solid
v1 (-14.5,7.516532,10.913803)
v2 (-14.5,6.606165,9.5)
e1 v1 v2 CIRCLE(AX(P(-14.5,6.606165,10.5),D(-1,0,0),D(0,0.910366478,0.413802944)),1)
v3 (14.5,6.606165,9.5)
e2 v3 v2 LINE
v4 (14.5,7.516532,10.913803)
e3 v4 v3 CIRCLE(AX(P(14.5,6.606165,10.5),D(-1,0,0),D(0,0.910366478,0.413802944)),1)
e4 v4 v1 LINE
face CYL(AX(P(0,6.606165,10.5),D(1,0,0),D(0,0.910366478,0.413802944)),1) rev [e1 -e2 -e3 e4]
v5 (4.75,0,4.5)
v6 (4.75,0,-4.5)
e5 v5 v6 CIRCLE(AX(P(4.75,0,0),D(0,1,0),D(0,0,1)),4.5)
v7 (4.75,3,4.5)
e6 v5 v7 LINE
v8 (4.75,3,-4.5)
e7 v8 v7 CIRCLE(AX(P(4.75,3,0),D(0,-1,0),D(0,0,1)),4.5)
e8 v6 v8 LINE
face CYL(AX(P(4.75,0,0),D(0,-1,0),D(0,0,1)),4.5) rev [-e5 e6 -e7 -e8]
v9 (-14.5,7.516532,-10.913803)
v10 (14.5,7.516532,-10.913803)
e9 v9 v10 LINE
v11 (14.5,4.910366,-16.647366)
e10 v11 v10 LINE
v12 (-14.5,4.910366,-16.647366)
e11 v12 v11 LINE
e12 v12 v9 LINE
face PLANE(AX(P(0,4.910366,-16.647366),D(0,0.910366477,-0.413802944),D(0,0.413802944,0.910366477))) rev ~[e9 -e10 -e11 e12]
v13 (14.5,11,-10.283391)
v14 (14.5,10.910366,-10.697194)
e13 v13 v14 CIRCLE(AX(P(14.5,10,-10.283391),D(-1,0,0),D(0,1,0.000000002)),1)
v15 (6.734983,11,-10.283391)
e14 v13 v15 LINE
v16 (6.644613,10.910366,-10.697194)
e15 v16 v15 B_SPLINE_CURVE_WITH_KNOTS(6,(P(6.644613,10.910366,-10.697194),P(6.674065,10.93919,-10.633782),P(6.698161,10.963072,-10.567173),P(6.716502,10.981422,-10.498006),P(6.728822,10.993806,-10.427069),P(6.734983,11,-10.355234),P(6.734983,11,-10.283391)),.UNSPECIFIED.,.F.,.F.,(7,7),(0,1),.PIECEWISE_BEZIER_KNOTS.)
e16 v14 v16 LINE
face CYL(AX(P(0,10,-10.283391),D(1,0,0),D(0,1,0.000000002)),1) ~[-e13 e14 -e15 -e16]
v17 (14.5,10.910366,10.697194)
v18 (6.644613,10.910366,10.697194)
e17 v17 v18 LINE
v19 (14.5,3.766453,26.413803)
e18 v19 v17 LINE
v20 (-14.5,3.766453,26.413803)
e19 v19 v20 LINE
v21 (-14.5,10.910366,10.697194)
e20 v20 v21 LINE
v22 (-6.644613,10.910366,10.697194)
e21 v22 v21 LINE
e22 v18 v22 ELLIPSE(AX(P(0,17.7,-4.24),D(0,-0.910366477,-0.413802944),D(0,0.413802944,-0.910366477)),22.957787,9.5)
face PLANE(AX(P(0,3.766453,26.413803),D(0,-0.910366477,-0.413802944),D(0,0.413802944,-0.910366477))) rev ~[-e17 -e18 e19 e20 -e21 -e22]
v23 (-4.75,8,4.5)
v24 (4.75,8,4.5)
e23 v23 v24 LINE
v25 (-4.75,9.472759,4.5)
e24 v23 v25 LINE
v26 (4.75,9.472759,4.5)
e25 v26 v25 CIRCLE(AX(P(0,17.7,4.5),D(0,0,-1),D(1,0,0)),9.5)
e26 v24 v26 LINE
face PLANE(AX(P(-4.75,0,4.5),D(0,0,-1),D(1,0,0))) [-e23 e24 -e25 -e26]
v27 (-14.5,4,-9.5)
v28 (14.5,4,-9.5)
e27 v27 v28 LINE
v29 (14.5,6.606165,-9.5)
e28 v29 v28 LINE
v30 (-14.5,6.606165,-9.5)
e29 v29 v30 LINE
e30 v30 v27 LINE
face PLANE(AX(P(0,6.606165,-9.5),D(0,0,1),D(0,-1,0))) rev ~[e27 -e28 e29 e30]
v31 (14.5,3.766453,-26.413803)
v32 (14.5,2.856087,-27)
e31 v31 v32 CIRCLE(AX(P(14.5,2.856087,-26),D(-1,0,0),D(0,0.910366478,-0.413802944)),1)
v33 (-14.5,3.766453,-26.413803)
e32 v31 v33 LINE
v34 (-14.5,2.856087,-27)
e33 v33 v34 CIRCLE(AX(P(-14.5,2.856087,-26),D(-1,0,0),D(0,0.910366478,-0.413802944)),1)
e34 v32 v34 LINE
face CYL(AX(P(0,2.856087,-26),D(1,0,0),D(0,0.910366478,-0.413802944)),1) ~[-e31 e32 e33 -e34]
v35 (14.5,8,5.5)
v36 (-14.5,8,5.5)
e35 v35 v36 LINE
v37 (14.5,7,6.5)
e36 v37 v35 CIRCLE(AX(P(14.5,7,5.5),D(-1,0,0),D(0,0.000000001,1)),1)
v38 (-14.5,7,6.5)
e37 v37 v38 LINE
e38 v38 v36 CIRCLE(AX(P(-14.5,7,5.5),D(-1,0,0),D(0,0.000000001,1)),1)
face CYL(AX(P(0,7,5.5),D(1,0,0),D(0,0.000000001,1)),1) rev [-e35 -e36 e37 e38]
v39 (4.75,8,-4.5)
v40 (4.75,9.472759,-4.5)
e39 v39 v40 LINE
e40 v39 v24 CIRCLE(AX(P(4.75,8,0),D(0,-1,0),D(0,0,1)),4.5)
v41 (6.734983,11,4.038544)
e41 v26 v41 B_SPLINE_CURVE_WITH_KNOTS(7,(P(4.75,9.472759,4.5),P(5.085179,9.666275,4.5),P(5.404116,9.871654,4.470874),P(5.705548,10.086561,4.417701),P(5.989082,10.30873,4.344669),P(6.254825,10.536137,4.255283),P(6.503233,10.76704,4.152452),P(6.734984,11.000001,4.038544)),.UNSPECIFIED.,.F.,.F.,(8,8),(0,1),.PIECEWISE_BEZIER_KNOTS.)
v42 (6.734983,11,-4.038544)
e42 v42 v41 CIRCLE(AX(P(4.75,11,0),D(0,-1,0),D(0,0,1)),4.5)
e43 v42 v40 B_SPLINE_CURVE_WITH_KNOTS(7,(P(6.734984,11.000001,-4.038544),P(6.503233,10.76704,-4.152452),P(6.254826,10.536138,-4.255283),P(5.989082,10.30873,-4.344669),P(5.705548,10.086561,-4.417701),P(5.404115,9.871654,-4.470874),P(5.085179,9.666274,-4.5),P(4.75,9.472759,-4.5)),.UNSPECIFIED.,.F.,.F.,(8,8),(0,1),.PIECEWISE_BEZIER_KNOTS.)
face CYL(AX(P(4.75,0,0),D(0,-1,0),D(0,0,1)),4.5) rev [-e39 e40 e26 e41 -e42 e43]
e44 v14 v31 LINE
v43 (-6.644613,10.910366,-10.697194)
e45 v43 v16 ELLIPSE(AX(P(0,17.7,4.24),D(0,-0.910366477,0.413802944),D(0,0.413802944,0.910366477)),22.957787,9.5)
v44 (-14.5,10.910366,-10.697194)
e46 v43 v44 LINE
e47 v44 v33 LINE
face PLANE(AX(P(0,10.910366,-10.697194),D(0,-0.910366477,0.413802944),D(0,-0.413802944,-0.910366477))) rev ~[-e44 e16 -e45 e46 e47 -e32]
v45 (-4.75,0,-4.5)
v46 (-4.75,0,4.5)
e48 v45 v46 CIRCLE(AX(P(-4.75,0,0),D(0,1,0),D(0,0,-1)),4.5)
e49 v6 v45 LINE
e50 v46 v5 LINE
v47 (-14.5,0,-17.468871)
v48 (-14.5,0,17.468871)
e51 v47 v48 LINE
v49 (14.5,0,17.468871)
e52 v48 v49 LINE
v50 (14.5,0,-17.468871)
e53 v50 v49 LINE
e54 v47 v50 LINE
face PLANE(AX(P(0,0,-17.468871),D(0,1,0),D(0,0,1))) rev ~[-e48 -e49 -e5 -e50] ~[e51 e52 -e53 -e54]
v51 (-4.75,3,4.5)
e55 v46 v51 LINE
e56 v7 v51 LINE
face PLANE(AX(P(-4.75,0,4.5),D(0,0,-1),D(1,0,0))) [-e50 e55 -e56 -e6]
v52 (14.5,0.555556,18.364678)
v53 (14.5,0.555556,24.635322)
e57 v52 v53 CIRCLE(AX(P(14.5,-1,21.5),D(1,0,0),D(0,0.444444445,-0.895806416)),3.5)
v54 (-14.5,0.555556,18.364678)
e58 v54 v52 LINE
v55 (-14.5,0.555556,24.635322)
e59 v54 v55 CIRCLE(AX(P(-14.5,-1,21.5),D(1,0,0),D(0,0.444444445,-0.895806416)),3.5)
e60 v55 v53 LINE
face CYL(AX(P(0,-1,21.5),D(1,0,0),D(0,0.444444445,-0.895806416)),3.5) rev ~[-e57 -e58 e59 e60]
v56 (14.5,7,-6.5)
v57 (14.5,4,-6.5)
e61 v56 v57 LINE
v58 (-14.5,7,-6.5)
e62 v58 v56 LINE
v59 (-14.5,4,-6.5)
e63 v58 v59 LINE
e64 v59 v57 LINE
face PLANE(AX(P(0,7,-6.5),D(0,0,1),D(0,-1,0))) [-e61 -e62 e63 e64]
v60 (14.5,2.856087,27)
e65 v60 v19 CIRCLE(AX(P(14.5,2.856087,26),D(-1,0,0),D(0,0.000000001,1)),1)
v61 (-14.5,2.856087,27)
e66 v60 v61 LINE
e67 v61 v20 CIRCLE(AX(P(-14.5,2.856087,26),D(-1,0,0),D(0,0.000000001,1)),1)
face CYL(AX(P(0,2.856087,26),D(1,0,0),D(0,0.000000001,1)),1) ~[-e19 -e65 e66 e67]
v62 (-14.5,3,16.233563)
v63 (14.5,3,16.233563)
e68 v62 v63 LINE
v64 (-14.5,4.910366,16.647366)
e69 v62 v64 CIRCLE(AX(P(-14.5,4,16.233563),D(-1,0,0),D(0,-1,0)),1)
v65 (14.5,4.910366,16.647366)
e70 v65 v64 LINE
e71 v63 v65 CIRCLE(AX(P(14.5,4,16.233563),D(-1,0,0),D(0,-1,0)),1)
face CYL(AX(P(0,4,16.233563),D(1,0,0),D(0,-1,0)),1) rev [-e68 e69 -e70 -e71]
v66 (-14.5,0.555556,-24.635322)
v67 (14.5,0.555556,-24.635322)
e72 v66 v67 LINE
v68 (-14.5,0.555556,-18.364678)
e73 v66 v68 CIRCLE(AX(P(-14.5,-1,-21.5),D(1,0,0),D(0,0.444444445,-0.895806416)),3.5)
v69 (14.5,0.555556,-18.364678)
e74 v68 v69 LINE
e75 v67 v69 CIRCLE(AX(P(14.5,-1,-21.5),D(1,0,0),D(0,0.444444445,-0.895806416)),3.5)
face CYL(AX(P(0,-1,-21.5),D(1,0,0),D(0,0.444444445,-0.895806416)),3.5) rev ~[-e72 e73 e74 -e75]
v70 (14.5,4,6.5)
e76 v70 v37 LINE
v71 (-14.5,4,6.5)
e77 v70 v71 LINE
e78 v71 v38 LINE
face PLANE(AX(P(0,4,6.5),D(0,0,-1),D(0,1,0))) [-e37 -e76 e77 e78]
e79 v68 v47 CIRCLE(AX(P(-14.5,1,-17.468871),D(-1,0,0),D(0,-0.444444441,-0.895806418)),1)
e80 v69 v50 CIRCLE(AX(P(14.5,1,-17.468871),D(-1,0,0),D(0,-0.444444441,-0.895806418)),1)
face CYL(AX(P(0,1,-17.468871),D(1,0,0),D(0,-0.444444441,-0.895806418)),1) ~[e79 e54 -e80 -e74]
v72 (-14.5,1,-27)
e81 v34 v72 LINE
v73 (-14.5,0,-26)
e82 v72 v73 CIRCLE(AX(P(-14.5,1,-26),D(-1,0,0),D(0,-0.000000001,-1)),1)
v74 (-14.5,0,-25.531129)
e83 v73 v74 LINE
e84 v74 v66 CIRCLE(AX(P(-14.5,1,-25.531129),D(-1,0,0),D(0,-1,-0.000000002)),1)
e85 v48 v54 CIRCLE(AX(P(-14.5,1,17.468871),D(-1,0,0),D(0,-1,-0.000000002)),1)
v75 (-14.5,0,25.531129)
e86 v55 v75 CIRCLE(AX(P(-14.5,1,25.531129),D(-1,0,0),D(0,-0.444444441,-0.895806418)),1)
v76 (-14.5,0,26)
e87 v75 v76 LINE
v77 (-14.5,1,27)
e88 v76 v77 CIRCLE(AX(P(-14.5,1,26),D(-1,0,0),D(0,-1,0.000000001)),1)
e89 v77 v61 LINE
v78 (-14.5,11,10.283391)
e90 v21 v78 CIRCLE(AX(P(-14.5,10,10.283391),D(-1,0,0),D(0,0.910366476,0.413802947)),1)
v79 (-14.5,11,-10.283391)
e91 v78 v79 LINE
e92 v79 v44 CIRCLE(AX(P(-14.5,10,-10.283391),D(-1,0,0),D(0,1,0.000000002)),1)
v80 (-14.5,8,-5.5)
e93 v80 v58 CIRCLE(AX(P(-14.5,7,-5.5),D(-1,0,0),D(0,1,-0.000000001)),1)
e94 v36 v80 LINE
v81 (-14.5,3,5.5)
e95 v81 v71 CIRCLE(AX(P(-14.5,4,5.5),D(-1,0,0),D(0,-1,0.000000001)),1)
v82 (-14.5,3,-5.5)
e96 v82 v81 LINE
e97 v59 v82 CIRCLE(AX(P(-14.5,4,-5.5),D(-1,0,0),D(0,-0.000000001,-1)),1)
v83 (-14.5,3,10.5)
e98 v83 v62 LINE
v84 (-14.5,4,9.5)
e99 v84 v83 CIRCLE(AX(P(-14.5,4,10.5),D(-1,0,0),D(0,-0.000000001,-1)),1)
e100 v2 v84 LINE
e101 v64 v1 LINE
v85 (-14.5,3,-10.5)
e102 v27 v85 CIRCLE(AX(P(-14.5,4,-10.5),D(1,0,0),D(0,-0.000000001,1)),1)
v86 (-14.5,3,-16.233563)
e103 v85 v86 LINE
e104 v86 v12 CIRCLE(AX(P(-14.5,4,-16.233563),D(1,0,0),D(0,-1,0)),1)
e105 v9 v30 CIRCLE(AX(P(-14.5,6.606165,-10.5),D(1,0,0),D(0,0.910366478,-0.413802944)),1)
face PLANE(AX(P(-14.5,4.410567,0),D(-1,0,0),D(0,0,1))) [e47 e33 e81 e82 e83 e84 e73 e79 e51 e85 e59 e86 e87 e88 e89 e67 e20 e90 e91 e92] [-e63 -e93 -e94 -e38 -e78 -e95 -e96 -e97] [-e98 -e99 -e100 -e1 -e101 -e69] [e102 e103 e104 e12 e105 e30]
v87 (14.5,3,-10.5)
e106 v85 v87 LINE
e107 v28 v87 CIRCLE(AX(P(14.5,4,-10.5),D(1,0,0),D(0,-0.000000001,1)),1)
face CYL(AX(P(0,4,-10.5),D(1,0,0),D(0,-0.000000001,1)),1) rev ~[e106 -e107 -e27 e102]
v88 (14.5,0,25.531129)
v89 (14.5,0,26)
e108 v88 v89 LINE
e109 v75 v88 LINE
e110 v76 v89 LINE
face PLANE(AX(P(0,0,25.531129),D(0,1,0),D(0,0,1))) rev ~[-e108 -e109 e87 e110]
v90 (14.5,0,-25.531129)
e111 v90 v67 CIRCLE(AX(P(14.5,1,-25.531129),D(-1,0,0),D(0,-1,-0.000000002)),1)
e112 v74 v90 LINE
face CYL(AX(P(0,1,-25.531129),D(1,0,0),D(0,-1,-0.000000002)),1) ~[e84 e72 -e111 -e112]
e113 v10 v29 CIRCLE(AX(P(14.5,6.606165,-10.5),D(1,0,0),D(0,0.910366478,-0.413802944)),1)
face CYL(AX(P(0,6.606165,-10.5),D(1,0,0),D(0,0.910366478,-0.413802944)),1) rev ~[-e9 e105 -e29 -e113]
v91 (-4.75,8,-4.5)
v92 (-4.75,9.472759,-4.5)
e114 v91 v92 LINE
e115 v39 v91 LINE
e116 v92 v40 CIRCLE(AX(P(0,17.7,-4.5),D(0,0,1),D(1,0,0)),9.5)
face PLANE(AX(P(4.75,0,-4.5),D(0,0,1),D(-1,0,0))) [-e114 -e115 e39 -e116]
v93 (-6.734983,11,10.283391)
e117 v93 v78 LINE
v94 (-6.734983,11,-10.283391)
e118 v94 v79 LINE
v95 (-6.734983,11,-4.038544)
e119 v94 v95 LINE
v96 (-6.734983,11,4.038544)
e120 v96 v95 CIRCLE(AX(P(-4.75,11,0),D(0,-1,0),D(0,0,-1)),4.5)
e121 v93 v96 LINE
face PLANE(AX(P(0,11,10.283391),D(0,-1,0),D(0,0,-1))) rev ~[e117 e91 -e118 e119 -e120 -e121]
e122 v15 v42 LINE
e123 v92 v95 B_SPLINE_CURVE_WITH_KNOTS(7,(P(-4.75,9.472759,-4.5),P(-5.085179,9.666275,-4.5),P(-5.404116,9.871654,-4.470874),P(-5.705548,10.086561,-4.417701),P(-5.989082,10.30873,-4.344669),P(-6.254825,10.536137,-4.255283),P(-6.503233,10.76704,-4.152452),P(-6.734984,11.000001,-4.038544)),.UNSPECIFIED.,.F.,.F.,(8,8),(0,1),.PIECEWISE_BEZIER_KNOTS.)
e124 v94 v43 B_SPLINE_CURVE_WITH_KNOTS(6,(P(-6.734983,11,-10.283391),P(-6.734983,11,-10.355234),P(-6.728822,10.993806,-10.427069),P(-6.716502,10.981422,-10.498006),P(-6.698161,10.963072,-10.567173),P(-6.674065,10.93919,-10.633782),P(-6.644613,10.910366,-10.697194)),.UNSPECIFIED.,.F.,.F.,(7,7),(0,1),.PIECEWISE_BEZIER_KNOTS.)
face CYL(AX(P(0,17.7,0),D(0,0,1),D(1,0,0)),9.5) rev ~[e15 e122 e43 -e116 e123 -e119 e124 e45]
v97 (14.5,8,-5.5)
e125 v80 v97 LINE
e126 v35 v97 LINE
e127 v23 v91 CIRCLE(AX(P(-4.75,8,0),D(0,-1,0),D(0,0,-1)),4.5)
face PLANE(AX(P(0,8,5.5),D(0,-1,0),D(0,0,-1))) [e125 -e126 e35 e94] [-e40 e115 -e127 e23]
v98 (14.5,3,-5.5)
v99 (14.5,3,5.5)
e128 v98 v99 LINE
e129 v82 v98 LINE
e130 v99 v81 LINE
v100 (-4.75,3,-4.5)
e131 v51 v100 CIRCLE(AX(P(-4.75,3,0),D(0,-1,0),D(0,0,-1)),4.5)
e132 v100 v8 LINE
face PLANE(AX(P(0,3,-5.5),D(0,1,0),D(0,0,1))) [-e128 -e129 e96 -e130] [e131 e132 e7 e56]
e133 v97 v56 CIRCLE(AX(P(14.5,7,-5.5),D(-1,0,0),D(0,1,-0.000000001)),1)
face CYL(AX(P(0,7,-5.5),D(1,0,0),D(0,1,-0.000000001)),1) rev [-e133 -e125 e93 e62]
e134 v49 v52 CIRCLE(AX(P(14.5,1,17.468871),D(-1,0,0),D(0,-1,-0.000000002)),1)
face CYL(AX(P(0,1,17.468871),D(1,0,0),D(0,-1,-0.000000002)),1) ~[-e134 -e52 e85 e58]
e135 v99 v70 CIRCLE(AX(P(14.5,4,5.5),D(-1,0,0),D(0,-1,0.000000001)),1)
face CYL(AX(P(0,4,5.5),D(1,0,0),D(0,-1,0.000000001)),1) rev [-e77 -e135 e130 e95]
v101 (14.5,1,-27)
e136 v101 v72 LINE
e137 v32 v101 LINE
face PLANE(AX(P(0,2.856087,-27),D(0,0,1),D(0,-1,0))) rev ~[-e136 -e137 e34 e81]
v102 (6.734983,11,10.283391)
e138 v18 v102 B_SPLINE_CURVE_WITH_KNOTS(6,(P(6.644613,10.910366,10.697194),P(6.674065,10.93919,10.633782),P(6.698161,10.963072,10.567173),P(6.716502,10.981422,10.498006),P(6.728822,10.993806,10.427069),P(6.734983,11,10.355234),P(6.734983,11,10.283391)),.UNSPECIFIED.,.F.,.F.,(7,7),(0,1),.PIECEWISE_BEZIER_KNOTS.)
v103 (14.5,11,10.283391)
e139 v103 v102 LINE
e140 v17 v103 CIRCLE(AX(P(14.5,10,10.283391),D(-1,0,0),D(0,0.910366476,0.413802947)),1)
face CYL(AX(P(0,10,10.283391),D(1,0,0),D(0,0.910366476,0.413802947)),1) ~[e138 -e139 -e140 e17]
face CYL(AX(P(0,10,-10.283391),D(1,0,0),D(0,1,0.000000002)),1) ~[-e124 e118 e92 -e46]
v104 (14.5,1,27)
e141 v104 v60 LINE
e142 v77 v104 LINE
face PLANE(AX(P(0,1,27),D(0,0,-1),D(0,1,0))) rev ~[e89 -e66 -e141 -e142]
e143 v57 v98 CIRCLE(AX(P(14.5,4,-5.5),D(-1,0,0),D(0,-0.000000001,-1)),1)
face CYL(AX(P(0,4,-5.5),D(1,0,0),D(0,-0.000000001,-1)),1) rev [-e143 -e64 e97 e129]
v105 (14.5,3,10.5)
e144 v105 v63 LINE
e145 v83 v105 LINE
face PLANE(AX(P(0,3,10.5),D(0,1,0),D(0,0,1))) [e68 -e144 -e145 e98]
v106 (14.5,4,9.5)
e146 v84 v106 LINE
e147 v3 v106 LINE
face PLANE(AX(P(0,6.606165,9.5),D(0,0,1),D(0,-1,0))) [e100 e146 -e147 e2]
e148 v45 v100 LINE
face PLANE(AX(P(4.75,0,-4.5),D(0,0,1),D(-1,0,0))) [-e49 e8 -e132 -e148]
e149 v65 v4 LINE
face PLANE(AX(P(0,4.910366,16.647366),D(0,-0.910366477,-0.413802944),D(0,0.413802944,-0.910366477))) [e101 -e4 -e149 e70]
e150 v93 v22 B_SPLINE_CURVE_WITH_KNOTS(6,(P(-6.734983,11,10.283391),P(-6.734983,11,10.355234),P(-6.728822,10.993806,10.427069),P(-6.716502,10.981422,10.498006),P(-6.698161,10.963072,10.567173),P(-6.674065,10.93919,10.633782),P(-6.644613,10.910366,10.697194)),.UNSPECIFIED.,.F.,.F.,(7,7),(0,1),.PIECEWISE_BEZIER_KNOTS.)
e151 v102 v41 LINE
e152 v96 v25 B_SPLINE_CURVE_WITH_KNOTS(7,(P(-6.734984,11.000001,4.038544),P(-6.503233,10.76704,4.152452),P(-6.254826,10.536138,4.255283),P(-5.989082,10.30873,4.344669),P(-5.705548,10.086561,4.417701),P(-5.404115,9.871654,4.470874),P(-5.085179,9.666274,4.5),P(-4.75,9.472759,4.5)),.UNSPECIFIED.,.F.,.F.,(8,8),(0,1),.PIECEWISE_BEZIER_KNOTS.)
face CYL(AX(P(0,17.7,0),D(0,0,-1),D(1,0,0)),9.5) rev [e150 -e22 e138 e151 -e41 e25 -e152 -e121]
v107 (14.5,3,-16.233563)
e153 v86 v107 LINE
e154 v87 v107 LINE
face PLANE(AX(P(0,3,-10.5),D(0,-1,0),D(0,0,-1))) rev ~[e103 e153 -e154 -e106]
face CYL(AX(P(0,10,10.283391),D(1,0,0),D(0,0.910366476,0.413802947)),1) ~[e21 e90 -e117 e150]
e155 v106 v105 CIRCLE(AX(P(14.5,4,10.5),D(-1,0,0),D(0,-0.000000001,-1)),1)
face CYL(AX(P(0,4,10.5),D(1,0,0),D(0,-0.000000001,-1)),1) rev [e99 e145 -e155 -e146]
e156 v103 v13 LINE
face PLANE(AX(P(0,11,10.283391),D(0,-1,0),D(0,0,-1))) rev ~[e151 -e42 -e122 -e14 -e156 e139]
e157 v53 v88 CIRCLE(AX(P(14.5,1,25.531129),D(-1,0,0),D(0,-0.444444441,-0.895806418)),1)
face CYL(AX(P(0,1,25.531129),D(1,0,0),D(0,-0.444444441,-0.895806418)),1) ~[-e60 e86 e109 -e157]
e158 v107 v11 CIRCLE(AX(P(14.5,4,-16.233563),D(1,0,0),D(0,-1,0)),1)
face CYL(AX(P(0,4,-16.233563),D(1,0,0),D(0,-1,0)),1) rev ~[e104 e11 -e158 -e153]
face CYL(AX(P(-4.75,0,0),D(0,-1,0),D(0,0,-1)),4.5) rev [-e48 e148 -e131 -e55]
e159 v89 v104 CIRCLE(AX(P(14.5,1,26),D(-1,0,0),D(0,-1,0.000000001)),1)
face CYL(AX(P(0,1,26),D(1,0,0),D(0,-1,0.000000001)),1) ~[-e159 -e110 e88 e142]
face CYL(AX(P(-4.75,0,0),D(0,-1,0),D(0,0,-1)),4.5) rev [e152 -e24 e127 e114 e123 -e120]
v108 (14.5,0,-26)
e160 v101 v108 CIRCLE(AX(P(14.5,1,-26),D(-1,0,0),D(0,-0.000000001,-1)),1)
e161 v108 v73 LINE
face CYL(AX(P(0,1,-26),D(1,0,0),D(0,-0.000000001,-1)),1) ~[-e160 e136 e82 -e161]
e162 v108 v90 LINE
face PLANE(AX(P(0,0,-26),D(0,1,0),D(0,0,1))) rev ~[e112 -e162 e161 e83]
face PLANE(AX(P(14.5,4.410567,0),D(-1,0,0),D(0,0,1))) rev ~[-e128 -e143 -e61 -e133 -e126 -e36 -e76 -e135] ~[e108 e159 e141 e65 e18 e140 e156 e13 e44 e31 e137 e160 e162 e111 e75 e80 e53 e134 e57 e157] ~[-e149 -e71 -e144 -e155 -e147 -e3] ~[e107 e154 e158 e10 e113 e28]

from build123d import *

# Parameters (mm, degrees)
EXTRUSION1_DEPTH             = 14.5
ENL_V_MAT_EXTRU_1_DEPTH      = 12
ESQUISSE3_R                  = 9.5
ENL_V_MAT_EXTRU_4_DEPTH      = 28
ENL_V_MAT_EXTRU_4_DEPTH_BACK = 28


with BuildPart() as part:
    # Esquisse1 → Extrusion1 (new body, symmetric)
    with BuildSketch(Plane(origin=(0, 0, 0), x_dir=(0, 0, -1), z_dir=(1, 0, 0))):
        with BuildLine():
            Line((-27, 1), (-27, 2.85608673))
            ThreePointArc((-27, 2.85608673), (-26.840774329, 3.397472477), (-26.413802944, 3.766453207))
            Line((-26.413802944, 3.766453207), (-10.69719375, 10.910366477))
            ThreePointArc((-10.69719375, 10.910366477), (-10.495090501, 10.977334763), (-10.283390805, 11))
            Line((-10.283390805, 11), (10.283390805, 11))
            ThreePointArc((10.283390805, 11), (10.495090501, 10.977334763), (10.69719375, 10.910366477))
            Line((10.69719375, 10.910366477), (26.413802944, 3.766453207))
            ThreePointArc((26.413802944, 3.766453207), (26.840774329, 3.397472477), (27, 2.85608673))
            Line((27, 2.85608673), (27, 1))
            ThreePointArc((27, 1), (26.707106781, 0.292893219), (26, 0))
            Line((26, 0), (25.531128874, 0))
            ThreePointArc((25.531128874, 0), (25.004082597, 0.150163414), (24.635322458, 0.555555556))
            ThreePointArc((24.635322458, 0.555555556), (21.5, 2.5), (18.364677542, 0.555555556))
            ThreePointArc((18.364677542, 0.555555556), (17.995917403, 0.150163414), (17.468871126, 0))
            Line((17.468871126, 0), (-17.468871126, 0))
            ThreePointArc((-17.468871126, 0), (-17.995917403, 0.150163414), (-18.364677542, 0.555555556))
            ThreePointArc((-18.364677542, 0.555555556), (-21.5, 2.5), (-24.635322458, 0.555555556))
            ThreePointArc((-24.635322458, 0.555555556), (-25.004082597, 0.150163414), (-25.531128874, 0))
            Line((-25.531128874, 0), (-26, 0))
            ThreePointArc((-26, 0), (-26.707106781, 0.292893219), (-27, 1))
        make_face()
        with BuildLine():
            Line((-5.5, 8), (5.5, 8))
            ThreePointArc((5.5, 8), (6.207106781, 7.707106781), (6.5, 7))
            Line((6.5, 7), (6.5, 4))
            ThreePointArc((6.5, 4), (6.207106781, 3.292893219), (5.5, 3))
            Line((5.5, 3), (-5.5, 3))
            ThreePointArc((-5.5, 3), (-6.207106781, 3.292893219), (-6.5, 4))
            Line((-6.5, 4), (-6.5, 7))
            ThreePointArc((-6.5, 7), (-6.207106781, 7.707106781), (-5.5, 8))
        make_face(mode=Mode.SUBTRACT)
        with BuildLine():
            Line((-9.5, 6.606165101), (-9.5, 4))
            ThreePointArc((-9.5, 4), (-9.792893219, 3.292893219), (-10.5, 3))
            Line((-10.5, 3), (-16.233563221, 3))
            ThreePointArc((-16.233563221, 3), (-17.210897984, 3.788300304), (-16.647366165, 4.910366477))
            Line((-16.647366165, 4.910366477), (-10.913802944, 7.516531578))
            ThreePointArc((-10.913802944, 7.516531578), (-9.958614252, 7.446939429), (-9.5, 6.606165101))
        make_face(mode=Mode.SUBTRACT)
        with BuildLine():
            Line((9.5, 6.606165101), (9.5, 4))
            ThreePointArc((9.5, 4), (9.792893219, 3.292893219), (10.5, 3))
            Line((10.5, 3), (16.233563221, 3))
            ThreePointArc((16.233563221, 3), (17.210897984, 3.788300304), (16.647366165, 4.910366477))
            Line((16.647366165, 4.910366477), (10.913802944, 7.516531578))
            ThreePointArc((10.913802944, 7.516531578), (9.958614252, 7.446939429), (9.5, 6.606165101))
        make_face(mode=Mode.SUBTRACT)
    extrude(amount=EXTRUSION1_DEPTH, both=True)

    # Esquisse2 → Enlèv. mat.-Extru.1 (cut, through all)
    with BuildSketch(Plane.XZ):
        with BuildLine():
            Line((-4.75, 4.5), (4.75, 4.5))
            ThreePointArc((4.75, 4.5), (9.25, 0), (4.75, -4.5))
            Line((4.75, -4.5), (-4.75, -4.5))
            ThreePointArc((-4.75, -4.5), (-9.25, 0), (-4.75, 4.5))
        make_face()
    extrude(amount=-ENL_V_MAT_EXTRU_1_DEPTH, mode=Mode.SUBTRACT)

    # Esquisse3 → Enlèv. mat.-Extru.4 (cut, two sides)
    with BuildSketch(Plane.XY) as enl_v_mat_extru_4_sk:
        with Locations((0, 17.7)):
            Circle(ESQUISSE3_R)
    extrude(amount=ENL_V_MAT_EXTRU_4_DEPTH, mode=Mode.SUBTRACT)
    extrude(enl_v_mat_extru_4_sk.sketch, amount=-ENL_V_MAT_EXTRU_4_DEPTH_BACK, mode=Mode.SUBTRACT)


solid = part.part
